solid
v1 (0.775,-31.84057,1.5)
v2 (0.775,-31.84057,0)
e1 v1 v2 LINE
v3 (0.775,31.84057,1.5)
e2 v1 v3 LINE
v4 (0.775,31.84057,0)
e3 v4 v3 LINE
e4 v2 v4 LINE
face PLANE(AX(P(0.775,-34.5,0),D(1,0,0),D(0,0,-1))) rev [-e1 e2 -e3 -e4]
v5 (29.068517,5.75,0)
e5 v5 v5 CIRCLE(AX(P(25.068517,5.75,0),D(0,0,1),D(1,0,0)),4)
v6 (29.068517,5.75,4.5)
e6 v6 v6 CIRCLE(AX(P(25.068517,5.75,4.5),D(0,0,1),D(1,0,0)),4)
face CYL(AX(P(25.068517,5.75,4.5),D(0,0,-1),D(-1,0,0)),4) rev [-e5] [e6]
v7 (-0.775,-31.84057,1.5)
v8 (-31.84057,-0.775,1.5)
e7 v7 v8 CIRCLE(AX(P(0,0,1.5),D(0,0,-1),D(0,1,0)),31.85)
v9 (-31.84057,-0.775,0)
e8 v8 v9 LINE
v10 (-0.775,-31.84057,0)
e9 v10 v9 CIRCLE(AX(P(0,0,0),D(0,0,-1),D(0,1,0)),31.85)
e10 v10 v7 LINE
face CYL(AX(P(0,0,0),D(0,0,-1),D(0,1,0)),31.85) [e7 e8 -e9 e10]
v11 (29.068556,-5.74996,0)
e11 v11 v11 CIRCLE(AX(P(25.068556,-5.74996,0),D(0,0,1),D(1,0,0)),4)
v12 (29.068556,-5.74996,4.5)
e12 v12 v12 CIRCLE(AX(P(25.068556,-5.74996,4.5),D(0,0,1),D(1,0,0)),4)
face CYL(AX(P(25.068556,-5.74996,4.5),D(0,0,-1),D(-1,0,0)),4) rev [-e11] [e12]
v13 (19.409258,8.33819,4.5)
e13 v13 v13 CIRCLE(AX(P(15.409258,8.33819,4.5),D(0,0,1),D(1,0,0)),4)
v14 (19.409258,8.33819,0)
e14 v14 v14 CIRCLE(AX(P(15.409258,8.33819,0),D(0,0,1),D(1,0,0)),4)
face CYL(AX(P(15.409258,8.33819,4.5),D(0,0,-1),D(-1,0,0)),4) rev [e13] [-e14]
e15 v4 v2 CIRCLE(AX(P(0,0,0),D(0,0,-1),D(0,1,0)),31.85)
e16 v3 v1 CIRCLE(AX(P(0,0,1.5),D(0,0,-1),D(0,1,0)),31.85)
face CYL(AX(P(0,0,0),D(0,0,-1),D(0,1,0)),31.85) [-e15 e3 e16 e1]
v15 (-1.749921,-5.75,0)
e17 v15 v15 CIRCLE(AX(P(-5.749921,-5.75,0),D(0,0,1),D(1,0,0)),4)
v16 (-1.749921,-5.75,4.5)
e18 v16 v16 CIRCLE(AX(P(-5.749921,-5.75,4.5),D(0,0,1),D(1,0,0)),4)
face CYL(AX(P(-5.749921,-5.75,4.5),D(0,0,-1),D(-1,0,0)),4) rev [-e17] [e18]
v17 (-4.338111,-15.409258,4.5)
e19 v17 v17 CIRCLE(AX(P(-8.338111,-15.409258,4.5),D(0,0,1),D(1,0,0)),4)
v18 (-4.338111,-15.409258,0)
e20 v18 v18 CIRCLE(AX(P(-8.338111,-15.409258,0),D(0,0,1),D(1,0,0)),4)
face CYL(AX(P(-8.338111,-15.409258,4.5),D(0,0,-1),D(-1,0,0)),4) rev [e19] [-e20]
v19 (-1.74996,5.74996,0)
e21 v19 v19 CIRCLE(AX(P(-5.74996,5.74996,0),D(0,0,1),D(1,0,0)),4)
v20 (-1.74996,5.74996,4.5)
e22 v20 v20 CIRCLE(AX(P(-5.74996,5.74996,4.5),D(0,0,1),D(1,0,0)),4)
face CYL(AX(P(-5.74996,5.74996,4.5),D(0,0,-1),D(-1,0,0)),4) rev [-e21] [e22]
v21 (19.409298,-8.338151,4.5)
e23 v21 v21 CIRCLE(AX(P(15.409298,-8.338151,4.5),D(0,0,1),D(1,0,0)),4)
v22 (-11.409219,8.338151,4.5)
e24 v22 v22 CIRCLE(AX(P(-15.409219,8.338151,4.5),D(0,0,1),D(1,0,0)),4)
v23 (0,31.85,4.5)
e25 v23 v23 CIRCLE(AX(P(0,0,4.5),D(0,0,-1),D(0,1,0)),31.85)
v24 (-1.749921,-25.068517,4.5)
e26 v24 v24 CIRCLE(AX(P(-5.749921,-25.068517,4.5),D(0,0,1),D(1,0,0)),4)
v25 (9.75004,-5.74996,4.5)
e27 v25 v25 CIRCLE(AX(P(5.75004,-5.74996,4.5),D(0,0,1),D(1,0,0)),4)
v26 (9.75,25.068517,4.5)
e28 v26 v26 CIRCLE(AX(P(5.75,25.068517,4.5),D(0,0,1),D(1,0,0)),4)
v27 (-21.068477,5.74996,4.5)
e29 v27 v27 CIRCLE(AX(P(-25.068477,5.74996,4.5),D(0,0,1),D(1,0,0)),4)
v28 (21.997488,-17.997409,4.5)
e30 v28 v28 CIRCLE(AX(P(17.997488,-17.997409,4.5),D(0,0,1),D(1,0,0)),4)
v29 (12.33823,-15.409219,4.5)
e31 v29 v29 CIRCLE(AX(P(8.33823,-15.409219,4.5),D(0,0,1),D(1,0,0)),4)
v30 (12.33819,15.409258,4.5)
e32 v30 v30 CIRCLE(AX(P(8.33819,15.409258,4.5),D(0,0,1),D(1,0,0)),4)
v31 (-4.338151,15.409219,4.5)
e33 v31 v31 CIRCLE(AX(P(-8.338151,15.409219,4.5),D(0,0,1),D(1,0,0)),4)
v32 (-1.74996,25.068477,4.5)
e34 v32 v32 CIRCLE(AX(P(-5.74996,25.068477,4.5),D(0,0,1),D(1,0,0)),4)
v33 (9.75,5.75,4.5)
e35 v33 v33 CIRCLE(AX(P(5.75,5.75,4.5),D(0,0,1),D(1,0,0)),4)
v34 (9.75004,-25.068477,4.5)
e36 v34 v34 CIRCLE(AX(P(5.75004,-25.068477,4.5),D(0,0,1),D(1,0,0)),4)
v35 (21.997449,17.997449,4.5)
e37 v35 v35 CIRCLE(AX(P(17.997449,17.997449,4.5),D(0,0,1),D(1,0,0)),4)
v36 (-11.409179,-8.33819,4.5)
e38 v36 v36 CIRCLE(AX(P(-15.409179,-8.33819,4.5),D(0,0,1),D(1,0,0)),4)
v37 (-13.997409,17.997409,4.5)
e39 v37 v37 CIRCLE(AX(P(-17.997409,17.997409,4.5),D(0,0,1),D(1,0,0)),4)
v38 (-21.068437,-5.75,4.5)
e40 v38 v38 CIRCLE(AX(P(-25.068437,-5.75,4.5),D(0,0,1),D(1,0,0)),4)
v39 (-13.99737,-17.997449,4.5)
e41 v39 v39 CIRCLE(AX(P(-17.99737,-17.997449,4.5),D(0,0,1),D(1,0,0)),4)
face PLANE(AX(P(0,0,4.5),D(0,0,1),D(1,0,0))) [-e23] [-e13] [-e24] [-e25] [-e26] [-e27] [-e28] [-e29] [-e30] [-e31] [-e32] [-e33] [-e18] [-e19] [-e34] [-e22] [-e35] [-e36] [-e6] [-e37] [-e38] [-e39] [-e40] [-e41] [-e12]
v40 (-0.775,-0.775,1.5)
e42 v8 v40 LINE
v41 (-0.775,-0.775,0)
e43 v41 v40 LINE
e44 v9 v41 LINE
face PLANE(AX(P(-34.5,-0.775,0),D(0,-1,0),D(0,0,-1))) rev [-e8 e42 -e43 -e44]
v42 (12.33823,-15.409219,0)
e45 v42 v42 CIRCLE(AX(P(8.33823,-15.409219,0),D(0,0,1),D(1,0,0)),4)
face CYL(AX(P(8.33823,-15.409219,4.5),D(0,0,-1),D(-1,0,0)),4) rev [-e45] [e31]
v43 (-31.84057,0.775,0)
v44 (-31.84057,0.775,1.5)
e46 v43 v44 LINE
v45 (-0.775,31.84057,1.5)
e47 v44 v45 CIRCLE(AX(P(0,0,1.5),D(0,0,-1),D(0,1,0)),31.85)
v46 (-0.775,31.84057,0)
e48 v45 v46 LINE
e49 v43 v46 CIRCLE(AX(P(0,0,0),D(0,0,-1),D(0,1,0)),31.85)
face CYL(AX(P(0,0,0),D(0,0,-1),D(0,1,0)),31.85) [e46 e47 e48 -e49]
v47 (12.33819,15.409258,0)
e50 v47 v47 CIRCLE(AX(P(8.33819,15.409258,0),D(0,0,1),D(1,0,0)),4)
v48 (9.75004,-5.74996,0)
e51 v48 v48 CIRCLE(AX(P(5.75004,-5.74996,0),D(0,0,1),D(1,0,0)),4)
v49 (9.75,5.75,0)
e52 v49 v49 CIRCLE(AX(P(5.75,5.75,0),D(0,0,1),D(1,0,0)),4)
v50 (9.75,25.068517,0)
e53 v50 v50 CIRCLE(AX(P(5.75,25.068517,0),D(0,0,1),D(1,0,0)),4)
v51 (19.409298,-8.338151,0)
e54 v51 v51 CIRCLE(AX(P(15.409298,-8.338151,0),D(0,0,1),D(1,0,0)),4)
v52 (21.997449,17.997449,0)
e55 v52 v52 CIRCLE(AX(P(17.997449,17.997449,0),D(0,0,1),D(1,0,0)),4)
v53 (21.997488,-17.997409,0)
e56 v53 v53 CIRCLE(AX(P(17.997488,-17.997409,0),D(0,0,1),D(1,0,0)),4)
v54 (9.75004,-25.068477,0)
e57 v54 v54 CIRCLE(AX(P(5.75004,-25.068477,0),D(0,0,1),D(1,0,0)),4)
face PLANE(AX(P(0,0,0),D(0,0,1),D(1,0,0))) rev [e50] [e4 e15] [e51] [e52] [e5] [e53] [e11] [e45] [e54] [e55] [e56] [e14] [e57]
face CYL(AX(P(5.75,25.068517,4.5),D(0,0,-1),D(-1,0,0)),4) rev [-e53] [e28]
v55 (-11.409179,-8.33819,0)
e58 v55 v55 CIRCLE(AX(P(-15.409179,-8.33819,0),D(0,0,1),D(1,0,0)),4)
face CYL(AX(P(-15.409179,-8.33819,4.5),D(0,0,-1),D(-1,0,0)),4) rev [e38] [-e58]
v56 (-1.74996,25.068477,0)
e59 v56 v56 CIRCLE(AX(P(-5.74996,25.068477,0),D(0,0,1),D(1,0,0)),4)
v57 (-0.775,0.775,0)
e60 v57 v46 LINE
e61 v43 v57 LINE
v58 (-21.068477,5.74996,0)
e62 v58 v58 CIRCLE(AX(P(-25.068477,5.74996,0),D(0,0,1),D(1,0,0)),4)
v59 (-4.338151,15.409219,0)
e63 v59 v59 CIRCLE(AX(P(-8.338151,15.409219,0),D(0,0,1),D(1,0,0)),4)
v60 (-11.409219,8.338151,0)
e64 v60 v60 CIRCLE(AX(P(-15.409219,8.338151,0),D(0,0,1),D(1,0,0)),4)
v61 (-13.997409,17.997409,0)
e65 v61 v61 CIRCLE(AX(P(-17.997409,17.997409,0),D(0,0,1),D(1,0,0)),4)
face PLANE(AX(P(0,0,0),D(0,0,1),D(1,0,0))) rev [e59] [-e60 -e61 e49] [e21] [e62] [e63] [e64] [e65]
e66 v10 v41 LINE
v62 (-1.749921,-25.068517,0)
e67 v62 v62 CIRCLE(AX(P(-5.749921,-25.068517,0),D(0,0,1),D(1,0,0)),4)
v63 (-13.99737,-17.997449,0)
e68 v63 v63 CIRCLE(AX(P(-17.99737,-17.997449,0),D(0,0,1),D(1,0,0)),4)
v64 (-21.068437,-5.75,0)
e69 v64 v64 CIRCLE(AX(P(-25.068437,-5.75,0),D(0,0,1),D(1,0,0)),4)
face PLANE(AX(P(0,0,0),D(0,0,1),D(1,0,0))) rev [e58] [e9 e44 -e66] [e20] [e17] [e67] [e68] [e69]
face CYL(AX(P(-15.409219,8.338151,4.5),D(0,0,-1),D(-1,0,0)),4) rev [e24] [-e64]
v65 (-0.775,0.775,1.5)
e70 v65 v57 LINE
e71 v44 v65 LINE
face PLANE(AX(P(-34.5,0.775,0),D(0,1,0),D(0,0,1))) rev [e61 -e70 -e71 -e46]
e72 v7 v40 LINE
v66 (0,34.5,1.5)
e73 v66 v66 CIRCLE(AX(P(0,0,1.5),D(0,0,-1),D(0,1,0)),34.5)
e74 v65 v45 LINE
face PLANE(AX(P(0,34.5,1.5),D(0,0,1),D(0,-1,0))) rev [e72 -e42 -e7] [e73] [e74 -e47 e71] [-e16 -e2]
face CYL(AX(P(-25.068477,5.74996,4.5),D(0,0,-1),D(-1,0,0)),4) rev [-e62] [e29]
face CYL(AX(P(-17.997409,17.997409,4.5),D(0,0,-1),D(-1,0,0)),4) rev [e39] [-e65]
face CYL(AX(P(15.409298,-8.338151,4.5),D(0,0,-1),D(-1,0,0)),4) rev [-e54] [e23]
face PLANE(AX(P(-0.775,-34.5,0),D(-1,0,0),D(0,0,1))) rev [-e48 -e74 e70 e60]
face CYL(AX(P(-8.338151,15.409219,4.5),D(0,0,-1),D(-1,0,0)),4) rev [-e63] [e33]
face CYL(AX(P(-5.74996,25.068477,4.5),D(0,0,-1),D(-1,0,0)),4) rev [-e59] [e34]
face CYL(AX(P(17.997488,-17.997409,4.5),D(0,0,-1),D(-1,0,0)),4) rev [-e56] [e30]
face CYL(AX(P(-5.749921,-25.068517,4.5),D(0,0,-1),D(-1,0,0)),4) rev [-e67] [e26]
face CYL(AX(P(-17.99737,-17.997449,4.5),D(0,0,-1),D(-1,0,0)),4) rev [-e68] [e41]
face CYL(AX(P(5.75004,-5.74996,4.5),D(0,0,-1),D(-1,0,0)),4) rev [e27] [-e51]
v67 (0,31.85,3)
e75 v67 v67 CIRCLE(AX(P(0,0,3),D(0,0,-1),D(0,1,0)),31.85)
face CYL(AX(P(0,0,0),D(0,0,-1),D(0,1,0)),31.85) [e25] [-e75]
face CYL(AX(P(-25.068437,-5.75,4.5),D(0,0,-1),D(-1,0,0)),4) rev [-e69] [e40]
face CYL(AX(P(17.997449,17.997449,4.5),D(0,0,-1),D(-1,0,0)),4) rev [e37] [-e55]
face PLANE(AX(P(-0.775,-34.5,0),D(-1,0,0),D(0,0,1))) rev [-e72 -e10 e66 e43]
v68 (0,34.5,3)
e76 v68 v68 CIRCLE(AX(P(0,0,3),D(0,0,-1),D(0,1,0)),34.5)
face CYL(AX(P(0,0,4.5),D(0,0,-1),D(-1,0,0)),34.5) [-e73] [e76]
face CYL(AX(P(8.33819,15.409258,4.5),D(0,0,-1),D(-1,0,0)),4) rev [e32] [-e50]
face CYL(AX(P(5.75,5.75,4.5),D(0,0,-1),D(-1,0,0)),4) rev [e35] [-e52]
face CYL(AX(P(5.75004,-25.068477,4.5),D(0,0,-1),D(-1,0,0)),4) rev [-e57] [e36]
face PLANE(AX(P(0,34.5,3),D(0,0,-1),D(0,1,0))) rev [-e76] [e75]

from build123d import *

# Parameters (mm, degrees)
SKETCH1_R               = 34.5
SKETCH1_R_2             = 4
BOSS_EXTRUDE1_DEPTH     = 4.5
SKETCH2_W               = 1.5
SKETCH2_H               = 2.65
CUT_EXTRUDE1_DEPTH      = 49.997448913
CUT_EXTRUDE1_DEPTH_BACK = 49.997448913
SKETCH4_W               = 1.55
SKETCH4_H               = 1.5
SKETCH5_W               = 1.5
SKETCH5_H               = 1.55
CUT_EXTRUDE2_DEPTH      = 49.997448913


with BuildPart() as part:
    # Sketch1 → Boss-Extrude1 (new body)
    with BuildSketch(Plane.XY):
        Circle(SKETCH1_R)
        with Locations((5.75, 5.75)):
            Circle(SKETCH1_R_2, mode=Mode.SUBTRACT)
        with Locations((8.338190451, 15.409258263)):
            Circle(SKETCH1_R_2, mode=Mode.SUBTRACT)
        with Locations((17.997448714, 17.997448714)):
            Circle(SKETCH1_R_2, mode=Mode.SUBTRACT)
        with Locations((15.409258263, 8.338190451)):
            Circle(SKETCH1_R_2, mode=Mode.SUBTRACT)
        with Locations((25.068516526, 5.75)):
            Circle(SKETCH1_R_2, mode=Mode.SUBTRACT)
        with Locations((5.75, 25.068516526)):
            Circle(SKETCH1_R_2, mode=Mode.SUBTRACT)
        with Locations((25.068556101, -5.749960425)):
            Circle(SKETCH1_R_2, mode=Mode.SUBTRACT)
        with Locations((15.409297838, -8.338150876)):
            Circle(SKETCH1_R_2, mode=Mode.SUBTRACT)
        with Locations((17.997488289, -17.997409139)):
            Circle(SKETCH1_R_2, mode=Mode.SUBTRACT)
        with Locations((8.338230026, -15.409218688)):
            Circle(SKETCH1_R_2, mode=Mode.SUBTRACT)
        with Locations((5.750039575, -25.068476951)):
            Circle(SKETCH1_R_2, mode=Mode.SUBTRACT)
        with Locations((5.750039575, -5.749960425)):
            Circle(SKETCH1_R_2, mode=Mode.SUBTRACT)
        with Locations((-5.74992085, -25.068516526)):
            Circle(SKETCH1_R_2, mode=Mode.SUBTRACT)
        with Locations((-8.338111301, -15.409258263)):
            Circle(SKETCH1_R_2, mode=Mode.SUBTRACT)
        with Locations((-17.997369564, -17.997448714)):
            Circle(SKETCH1_R_2, mode=Mode.SUBTRACT)
        with Locations((-15.409179113, -8.338190451)):
            Circle(SKETCH1_R_2, mode=Mode.SUBTRACT)
        with Locations((-25.068437376, -5.75)):
            Circle(SKETCH1_R_2, mode=Mode.SUBTRACT)
        with Locations((-5.74992085, -5.75)):
            Circle(SKETCH1_R_2, mode=Mode.SUBTRACT)
        with Locations((-25.068476951, 5.749960425)):
            Circle(SKETCH1_R_2, mode=Mode.SUBTRACT)
        with Locations((-15.409218688, 8.338150876)):
            Circle(SKETCH1_R_2, mode=Mode.SUBTRACT)
        with Locations((-17.997409139, 17.997409139)):
            Circle(SKETCH1_R_2, mode=Mode.SUBTRACT)
        with Locations((-8.338150876, 15.409218688)):
            Circle(SKETCH1_R_2, mode=Mode.SUBTRACT)
        with Locations((-5.749960425, 25.068476951)):
            Circle(SKETCH1_R_2, mode=Mode.SUBTRACT)
        with Locations((-5.749960425, 5.749960425)):
            Circle(SKETCH1_R_2, mode=Mode.SUBTRACT)
    extrude(amount=BOSS_EXTRUDE1_DEPTH)

    # Sketch2 → Cut-Revolve1 (revolve, cut)
    with BuildSketch(Plane(origin=(0, 0, 0), x_dir=(0, 0, -1), z_dir=(1, 0, 0))):
        with Locations((-0.75, 33.175)):
            Rectangle(SKETCH2_W, SKETCH2_H)
        with Locations((-3.75, 33.175)):
            Rectangle(SKETCH2_W, SKETCH2_H)
    revolve(axis=Axis((0, 0, 0), (0, 0, 1)), mode=Mode.SUBTRACT)

    # Sketch4 → Cut-Extrude1 (cut, two sides: drawn at the far end of the back side and taken through both)
    with BuildSketch(Plane(origin=(0, 0, 0), x_dir=(1, 0, 0), z_dir=(0, 1, 0)).offset(-CUT_EXTRUDE1_DEPTH_BACK)):
        with Locations((0, -0.75)):
            Rectangle(SKETCH4_W, SKETCH4_H)
    extrude(amount=CUT_EXTRUDE1_DEPTH + CUT_EXTRUDE1_DEPTH_BACK, mode=Mode.SUBTRACT)

    # Sketch5 → Cut-Extrude2 (cut, through all)
    with BuildSketch(Plane(origin=(0, 0, 0), x_dir=(0, 0, -1), z_dir=(1, 0, 0))):
        with Locations((-0.75, 0)):
            Rectangle(SKETCH5_W, SKETCH5_H)
    extrude(amount=-CUT_EXTRUDE2_DEPTH, mode=Mode.SUBTRACT)


solid = part.part
